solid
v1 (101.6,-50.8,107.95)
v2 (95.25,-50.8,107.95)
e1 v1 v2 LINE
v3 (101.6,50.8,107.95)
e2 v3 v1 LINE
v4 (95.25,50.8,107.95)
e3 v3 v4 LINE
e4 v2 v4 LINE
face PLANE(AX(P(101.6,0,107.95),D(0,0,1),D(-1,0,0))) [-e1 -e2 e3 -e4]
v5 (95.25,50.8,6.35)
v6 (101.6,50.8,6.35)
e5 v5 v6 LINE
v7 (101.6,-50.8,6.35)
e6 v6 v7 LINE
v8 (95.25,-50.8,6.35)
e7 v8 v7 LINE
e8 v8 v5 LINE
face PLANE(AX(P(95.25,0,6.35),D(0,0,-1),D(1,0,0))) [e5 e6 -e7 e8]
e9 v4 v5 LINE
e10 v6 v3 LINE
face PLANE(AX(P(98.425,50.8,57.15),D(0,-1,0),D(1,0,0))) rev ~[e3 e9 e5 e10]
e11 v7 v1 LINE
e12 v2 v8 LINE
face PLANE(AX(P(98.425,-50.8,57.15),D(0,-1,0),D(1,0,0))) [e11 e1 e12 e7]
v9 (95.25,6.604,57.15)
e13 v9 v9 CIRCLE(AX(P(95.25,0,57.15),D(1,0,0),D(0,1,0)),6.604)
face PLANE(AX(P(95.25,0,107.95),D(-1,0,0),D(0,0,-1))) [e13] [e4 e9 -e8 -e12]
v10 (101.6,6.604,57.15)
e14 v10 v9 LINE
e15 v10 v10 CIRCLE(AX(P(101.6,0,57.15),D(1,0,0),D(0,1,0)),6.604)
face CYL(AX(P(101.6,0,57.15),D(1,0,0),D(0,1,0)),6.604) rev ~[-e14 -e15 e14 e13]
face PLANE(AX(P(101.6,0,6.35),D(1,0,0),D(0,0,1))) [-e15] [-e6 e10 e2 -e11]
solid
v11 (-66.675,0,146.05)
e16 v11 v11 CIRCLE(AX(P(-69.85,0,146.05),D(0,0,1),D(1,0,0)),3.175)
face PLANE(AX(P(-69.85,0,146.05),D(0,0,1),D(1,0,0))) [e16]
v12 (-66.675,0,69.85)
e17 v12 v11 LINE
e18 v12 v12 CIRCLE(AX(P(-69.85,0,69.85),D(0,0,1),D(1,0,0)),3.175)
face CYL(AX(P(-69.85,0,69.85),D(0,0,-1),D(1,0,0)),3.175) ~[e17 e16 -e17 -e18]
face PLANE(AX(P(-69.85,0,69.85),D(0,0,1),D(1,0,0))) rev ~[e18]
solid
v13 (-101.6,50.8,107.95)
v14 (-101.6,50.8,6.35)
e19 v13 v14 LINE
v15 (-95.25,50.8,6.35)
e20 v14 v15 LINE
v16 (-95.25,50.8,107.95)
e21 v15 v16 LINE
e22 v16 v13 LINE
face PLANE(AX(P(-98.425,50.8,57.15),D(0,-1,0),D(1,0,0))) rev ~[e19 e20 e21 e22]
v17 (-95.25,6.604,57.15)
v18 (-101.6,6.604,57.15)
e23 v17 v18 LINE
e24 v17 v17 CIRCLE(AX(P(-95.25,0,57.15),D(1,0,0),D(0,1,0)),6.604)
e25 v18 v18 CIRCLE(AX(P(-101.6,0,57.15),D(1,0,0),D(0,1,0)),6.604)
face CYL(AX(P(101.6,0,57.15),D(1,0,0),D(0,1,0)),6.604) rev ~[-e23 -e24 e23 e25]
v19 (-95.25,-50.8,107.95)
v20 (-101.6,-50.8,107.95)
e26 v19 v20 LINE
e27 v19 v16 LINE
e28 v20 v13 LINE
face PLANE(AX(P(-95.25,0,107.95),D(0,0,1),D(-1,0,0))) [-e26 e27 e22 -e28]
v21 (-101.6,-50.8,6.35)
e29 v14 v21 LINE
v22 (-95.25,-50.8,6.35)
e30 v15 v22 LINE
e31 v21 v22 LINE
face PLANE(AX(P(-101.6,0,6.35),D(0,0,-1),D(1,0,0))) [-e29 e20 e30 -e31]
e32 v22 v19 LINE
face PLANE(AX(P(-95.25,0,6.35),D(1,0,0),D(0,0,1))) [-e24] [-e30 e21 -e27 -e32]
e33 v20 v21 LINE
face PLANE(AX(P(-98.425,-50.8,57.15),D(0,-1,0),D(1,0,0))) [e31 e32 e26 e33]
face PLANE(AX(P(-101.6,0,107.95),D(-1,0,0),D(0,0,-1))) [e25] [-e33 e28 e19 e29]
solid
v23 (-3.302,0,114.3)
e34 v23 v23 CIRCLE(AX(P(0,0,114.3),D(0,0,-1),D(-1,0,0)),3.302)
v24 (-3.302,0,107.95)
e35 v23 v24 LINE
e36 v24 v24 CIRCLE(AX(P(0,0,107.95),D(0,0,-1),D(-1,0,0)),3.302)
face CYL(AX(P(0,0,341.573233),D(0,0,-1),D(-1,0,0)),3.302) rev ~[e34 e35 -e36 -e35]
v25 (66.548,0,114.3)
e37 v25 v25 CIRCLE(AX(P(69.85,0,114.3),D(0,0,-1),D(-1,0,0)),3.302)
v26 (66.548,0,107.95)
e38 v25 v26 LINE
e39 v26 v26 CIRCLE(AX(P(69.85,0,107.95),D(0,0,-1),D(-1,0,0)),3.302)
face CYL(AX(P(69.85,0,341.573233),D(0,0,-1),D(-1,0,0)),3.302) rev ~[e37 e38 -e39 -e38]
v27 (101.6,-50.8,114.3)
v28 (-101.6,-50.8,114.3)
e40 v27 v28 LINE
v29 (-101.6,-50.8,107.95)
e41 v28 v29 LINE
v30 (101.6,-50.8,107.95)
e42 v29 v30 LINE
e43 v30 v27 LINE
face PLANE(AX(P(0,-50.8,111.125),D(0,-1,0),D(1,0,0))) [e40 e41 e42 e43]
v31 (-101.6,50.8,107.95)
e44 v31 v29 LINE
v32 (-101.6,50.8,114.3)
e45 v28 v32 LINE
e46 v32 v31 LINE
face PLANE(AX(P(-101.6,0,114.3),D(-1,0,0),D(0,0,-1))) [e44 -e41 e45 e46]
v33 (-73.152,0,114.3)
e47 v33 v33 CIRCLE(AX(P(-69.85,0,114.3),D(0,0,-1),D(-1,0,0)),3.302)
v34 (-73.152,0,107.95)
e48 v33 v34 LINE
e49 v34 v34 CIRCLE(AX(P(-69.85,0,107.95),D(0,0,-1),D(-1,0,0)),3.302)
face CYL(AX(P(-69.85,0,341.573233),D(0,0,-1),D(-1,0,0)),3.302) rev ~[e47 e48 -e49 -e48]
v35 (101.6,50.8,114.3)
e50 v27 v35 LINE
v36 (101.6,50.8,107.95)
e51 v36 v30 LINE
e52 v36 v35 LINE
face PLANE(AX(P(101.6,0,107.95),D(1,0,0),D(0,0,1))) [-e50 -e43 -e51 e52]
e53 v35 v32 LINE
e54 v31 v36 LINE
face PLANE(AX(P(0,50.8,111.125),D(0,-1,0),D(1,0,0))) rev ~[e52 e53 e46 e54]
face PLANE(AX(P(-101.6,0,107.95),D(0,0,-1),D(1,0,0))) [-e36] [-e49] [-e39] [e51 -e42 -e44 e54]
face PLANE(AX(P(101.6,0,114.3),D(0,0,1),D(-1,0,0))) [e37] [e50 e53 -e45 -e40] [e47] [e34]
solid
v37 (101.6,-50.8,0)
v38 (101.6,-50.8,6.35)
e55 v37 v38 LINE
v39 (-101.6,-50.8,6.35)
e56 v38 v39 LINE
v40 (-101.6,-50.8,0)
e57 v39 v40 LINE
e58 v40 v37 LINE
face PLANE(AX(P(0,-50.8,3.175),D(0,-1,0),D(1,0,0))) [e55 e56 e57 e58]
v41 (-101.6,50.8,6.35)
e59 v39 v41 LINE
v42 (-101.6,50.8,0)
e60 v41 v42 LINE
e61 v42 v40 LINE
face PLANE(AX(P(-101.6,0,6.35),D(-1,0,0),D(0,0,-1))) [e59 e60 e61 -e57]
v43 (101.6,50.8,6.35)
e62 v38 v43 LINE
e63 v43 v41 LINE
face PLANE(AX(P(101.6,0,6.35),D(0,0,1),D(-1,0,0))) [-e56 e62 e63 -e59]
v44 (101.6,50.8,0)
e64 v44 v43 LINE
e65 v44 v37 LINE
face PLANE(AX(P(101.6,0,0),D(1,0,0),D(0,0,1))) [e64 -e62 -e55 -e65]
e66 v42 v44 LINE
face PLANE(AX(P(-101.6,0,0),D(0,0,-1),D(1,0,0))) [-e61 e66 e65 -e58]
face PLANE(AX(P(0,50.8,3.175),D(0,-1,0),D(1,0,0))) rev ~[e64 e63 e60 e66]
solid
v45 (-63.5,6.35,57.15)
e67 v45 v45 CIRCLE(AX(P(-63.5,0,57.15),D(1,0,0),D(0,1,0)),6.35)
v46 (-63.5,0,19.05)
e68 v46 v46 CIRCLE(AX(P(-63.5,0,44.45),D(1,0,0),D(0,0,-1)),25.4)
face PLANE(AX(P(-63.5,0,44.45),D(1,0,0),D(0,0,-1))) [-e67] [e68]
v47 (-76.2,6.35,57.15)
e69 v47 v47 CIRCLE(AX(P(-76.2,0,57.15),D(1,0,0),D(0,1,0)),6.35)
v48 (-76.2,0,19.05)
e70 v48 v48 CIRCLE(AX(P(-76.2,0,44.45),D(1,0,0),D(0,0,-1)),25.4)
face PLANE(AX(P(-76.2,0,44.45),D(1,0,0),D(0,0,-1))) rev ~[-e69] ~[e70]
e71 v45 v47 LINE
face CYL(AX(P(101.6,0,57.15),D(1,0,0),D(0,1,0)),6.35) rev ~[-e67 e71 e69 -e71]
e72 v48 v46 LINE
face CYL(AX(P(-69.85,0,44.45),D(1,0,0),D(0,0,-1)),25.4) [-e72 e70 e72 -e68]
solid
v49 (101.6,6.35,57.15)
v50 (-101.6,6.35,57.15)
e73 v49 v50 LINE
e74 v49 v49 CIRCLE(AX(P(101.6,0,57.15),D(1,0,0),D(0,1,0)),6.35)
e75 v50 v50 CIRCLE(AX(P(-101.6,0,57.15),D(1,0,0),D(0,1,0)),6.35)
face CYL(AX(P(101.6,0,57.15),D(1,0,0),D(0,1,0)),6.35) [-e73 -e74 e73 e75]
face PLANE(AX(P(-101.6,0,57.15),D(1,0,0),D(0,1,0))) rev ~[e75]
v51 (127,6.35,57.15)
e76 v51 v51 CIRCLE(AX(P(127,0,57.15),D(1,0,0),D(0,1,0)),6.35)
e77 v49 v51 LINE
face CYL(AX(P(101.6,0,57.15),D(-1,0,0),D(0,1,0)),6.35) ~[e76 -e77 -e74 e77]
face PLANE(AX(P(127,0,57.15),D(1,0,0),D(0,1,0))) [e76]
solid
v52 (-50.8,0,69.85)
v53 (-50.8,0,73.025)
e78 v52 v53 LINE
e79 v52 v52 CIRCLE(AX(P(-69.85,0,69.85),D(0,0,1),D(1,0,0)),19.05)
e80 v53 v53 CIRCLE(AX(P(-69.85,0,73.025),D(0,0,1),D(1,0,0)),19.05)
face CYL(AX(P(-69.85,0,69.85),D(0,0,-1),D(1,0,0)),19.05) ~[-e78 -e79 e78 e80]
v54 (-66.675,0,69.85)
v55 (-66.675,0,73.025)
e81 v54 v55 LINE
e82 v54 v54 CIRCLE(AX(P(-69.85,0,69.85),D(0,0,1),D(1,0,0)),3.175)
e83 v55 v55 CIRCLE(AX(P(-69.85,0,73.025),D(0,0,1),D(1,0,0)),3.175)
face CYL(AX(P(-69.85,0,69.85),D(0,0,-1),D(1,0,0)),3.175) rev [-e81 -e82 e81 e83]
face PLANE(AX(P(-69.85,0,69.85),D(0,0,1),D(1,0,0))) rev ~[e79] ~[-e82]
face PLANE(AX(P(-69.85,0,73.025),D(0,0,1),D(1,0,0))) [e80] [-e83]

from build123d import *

# Parameters (mm, degrees)
F2_DEPTH      = 50.8
F3_DEPTH      = 50.8
F3_DEPTH_BACK = 50.8
F1_W          = 12.7
F1_H          = 25.4
F5_R          = 6.604
F5_R_2        = 6.35
F6_DEPTH      = 203.201
F7_DEPTH      = 203.2
F7_DEPTH_BACK = 25.4
F12_D         = 6.604
F10_R         = 3.175
F13_DEPTH     = 76.2
F10_R_2       = 19.05
F14_DEPTH     = 3.175


with BuildPart() as f2:
    # F1 (on Front) → F2 (new body, symmetric)
    with BuildSketch(Plane.XZ):
        Polygon((-101.6, 114.3), (-101.6, 107.95), (-95.25, 107.95), (95.25, 107.95), (101.6, 107.95), (101.6, 114.3), align=None)
    extrude(amount=F2_DEPTH, both=True)

    # F12 (through all)
    with Locations(Plane.XY.offset(114.3)):
        with Locations((-69.85, 0), (0, 0), (69.85, 0)):
            Hole(F12_D / 2)


with BuildPart() as f2b:
    # F1 (on Front) → F2, piece 2 (new body, symmetric)
    with BuildSketch(Plane.XZ):
        Polygon((-101.6, 6.35), (-101.6, 0), (101.6, 0), (101.6, 6.35), (95.25, 6.35), (-95.25, 6.35), align=None)
    extrude(amount=F2_DEPTH, both=True)


with BuildPart() as f3:
    # F1 (on Front) → F3 (new body, two sides)
    with BuildSketch(Plane.XZ) as f3_sk:
        Polygon((-101.6, 107.95), (-101.6, 6.35), (-95.25, 6.35), (-95.25, 57.15), (-95.25, 107.95), align=None)
    extrude(amount=F3_DEPTH)
    extrude(f3_sk.sketch, amount=-F3_DEPTH_BACK)


with BuildPart() as f3b:
    # F1 (on Front) → F3, piece 2 (new body, two sides)
    with BuildSketch(Plane.XZ) as f3_2_sk:
        Polygon((95.25, 6.35), (101.6, 6.35), (101.6, 107.95), (95.25, 107.95), (95.25, 57.15), align=None)
    extrude(amount=F3_DEPTH)
    extrude(f3_2_sk.sketch, amount=-F3_DEPTH_BACK)


with BuildPart() as f4:
    # F1 (on Front) → F4 (revolve)
    with BuildSketch(Plane.XZ):
        with Locations((-69.85, 31.75)):
            Rectangle(F1_W, F1_H)
    revolve(axis=Axis((-69.85, 0, 44.45), (1, 0, 0)))


with BuildPart() as f6_tool:
    # F5 (on face) → F6 (new body, through all)
    with BuildSketch(Plane.YZ.offset(101.6)):
        with Locations((0, 57.15)):
            Circle(F5_R)
        with Locations((0, 57.15)):
            Circle(F5_R_2, mode=Mode.SUBTRACT)
        with Locations((0, 57.15)):
            Circle(F5_R_2)
    extrude(amount=-F6_DEPTH)


with BuildPart() as f3_1:
    add(f3.part)

    # F6: cut by f6_tool
    add(f6_tool.part, mode=Mode.SUBTRACT)


with BuildPart() as f3b_1:
    add(f3b.part)

    # F6: cut by f6_tool
    add(f6_tool.part, mode=Mode.SUBTRACT)


with BuildPart() as f7:
    # F5 (on face) → F7 (new body, two sides)
    with BuildSketch(Plane.YZ.offset(101.6)) as f7_sk:
        with Locations((0, 57.15)):
            Circle(F5_R_2)
    extrude(amount=-F7_DEPTH)
    extrude(f7_sk.sketch, amount=F7_DEPTH_BACK)


with BuildPart() as f4_1:
    add(f4.part)

    # F8: cut F7
    add(f7.part, mode=Mode.SUBTRACT)


with BuildPart() as f13:
    # F10 (on plane+point) → F13 (new body, through all)
    with BuildSketch(Plane.XY.offset(69.85)):
        with Locations((-69.85, 0)):
            Circle(F10_R)
    extrude(amount=F13_DEPTH)


with BuildPart() as f14:
    # F10 (on plane+point) → F14 (new body)
    with BuildSketch(Plane.XY.offset(69.85)):
        with Locations((-69.85, 0)):
            Circle(F10_R_2)
        with Locations((-69.85, 0)):
            Circle(F10_R, mode=Mode.SUBTRACT)
    extrude(amount=F14_DEPTH)


solid = Compound([f2.part, f2b.part, f3_1.part, f3b_1.part, f7.part, f4_1.part, f13.part, f14.part])
